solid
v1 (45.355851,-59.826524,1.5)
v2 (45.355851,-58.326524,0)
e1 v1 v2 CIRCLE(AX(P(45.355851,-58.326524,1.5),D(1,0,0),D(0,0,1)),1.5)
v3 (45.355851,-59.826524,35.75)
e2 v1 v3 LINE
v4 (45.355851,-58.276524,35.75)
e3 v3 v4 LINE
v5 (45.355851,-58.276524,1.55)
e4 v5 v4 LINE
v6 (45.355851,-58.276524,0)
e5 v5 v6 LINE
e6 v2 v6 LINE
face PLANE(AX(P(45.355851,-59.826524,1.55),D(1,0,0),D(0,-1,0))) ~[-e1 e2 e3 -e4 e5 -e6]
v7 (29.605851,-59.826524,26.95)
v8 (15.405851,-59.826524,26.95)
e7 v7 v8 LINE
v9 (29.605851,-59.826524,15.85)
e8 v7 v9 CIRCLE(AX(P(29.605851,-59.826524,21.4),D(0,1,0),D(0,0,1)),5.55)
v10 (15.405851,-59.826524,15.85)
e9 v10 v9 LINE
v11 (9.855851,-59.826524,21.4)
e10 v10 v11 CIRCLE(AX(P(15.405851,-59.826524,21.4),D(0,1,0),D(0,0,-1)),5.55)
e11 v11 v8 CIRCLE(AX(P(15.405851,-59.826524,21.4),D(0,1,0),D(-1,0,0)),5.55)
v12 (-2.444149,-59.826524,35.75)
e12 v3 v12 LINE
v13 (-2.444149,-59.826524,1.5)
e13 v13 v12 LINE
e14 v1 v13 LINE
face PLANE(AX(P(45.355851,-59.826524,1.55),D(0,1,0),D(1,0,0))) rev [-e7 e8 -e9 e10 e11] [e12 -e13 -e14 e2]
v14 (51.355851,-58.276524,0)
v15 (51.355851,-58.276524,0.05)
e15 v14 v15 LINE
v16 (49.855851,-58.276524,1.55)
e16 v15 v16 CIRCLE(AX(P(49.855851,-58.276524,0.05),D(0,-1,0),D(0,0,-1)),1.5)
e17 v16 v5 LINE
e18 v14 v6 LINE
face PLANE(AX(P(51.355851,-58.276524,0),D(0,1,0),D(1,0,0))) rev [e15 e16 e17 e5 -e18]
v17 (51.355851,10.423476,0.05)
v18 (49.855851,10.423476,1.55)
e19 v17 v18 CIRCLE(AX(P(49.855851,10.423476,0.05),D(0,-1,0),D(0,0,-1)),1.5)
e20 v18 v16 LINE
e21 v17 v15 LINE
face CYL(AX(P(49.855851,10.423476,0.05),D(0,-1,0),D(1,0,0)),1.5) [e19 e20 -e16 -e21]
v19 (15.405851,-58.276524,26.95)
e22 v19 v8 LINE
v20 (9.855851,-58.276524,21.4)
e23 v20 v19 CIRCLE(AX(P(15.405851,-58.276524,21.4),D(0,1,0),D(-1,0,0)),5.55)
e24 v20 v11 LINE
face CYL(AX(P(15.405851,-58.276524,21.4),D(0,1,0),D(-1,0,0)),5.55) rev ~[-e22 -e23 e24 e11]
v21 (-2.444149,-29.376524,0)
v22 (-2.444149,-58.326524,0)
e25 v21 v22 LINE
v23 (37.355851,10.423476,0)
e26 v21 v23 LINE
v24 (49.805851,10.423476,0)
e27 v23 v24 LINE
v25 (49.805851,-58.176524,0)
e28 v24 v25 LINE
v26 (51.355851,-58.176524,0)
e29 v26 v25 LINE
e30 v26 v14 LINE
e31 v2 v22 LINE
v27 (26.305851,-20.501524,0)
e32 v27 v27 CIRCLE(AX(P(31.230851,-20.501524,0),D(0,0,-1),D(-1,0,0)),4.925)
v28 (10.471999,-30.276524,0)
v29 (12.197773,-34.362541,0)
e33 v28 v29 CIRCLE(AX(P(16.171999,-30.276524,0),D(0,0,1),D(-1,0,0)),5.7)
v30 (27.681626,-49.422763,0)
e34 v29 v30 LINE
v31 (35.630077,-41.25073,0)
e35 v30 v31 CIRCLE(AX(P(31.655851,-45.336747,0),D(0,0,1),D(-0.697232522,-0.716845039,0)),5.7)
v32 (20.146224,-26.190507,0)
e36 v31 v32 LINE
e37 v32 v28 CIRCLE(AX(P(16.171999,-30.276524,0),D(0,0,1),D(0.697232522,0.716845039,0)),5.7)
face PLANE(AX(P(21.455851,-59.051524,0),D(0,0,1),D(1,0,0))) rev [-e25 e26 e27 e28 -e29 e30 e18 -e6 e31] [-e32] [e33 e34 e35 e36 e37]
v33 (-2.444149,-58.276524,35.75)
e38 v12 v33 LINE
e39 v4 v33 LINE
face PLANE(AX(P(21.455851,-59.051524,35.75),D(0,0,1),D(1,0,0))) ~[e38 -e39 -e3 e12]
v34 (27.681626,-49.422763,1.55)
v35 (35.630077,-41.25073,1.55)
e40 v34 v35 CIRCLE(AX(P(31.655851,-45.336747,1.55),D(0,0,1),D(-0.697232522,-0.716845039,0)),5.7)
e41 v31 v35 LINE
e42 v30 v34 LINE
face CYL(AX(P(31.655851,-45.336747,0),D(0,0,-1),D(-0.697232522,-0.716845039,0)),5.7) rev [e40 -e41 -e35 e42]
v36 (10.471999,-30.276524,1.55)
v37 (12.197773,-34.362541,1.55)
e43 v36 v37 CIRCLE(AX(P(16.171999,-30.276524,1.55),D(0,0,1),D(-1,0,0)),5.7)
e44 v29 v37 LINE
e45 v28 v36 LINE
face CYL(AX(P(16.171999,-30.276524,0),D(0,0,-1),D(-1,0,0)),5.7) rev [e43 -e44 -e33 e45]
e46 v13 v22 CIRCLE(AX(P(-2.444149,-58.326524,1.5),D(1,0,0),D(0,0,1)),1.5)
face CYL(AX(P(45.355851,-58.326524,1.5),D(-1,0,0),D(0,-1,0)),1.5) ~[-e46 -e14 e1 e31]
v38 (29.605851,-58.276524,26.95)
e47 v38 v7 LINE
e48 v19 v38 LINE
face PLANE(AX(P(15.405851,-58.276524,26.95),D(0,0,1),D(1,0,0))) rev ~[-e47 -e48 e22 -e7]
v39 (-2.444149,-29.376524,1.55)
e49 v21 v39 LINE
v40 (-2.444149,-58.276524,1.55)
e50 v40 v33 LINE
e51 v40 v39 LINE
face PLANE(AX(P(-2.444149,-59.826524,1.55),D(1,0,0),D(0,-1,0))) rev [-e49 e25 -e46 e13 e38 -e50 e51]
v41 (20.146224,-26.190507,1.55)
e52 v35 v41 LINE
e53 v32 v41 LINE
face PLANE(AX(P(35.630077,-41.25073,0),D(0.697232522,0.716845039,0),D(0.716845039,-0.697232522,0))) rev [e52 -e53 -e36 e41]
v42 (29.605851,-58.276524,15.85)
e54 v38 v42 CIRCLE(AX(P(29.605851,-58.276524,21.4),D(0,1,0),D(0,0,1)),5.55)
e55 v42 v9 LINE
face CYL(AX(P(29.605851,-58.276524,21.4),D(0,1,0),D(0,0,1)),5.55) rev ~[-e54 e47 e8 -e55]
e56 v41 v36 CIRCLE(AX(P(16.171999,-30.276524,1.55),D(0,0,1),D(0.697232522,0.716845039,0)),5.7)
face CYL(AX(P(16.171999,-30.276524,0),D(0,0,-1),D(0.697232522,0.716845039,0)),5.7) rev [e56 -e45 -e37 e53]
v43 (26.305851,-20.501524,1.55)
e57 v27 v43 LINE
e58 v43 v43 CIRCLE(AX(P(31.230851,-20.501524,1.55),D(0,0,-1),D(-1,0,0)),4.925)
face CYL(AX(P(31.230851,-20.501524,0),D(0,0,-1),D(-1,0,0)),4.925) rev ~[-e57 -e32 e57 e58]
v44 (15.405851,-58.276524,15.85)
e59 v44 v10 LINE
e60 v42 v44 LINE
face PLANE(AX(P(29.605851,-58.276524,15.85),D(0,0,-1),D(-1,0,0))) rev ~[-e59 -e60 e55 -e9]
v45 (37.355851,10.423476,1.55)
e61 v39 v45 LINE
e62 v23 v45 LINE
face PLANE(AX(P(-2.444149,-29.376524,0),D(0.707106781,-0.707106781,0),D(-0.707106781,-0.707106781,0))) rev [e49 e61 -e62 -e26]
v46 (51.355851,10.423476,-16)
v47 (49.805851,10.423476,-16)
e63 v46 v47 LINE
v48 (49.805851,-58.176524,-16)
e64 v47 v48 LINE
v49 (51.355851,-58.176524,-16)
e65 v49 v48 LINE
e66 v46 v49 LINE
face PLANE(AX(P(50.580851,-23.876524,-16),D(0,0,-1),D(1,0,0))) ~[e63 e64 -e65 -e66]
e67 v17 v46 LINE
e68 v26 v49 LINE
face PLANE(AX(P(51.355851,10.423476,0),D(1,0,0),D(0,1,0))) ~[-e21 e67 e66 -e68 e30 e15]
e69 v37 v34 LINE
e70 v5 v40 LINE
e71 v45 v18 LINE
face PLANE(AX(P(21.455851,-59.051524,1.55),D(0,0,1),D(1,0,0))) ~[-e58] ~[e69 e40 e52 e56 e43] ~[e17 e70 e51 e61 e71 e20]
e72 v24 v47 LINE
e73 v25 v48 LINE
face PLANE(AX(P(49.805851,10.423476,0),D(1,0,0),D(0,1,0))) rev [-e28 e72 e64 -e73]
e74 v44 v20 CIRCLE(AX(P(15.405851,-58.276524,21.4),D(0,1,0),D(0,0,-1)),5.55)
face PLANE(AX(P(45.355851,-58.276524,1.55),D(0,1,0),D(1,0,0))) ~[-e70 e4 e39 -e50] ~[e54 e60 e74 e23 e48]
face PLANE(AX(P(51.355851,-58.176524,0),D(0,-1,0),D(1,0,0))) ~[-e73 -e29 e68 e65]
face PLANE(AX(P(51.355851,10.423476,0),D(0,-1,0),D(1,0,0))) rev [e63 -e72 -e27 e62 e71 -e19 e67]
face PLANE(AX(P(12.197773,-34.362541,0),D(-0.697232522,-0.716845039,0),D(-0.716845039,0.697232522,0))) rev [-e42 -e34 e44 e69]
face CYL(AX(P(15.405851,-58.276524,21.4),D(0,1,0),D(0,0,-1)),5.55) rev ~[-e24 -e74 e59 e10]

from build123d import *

# Parameters (mm, degrees)
F0_R      = 4.925
F1_DEPTH  = 1.55
F2_W      = 1.55
F2_H      = 68.6
F3_DEPTH  = 16
F4_W      = 47.8
F4_H      = 1.55
F5_DEPTH  = 1.55
F6_W      = 47.8
F6_H      = 1.55
F7_DEPTH  = 34.2
F8_R      = 1.5
F12_DEPTH = 1.551


with BuildPart() as f1:
    # F0 (on Top) → F1 (new body)
    with BuildSketch(Plane.XY):
        Polygon((-51.3558513849, 10.4234758295), (-51.3558513849, -58.2765241705), (2.4441486151, -58.2765241705), (2.4441486151, -29.3765241705), (-37.3558513849, 10.4234758295), align=None)
        with BuildLine():
            ThreePointArc((-27.6816260073, -49.4227633754), (-35.7418681063, -49.3109720316), (-35.6300767624, -41.2507299325))
            Line((-35.6300767624, -41.2507299325), (-20.1462239232, -26.190507449))
            ThreePointArc((-20.1462239232, -26.190507449), (-13.9542389387, -25.0256630672), (-10.4719985456, -30.2765241705))
            ThreePointArc((-10.4719985456, -30.2765241705), (-10.9211374423, -32.4942837773), (-12.197773168, -34.3625408919))
            Line((-12.197773168, -34.3625408919), (-27.6816260073, -49.4227633754))
        make_face(mode=Mode.SUBTRACT)
        with Locations((-31.2308513849, -20.5015241705)):
            Circle(F0_R, mode=Mode.SUBTRACT)
    extrude(amount=F1_DEPTH)

    # F2 (on face) → F3 (join)
    with BuildSketch(Plane(origin=(0, 0, 0), x_dir=(1, 0, 0), z_dir=(0, 0, -1))):
        with Locations((-50.5808513849, 23.8765241705)):
            Rectangle(F2_W, F2_H)
    extrude(amount=F3_DEPTH)

    # F4 (on face) → F5 (join)
    with BuildSketch(Plane.XY.offset(1.55)):
        with Locations((-21.4558513849, -59.0515241705)):
            Rectangle(F4_W, F4_H)
    extrude(amount=-F5_DEPTH)

    # F6 (on face) → F7 (join)
    with BuildSketch(Plane.XY.offset(1.55)):
        with Locations((-21.4558513849, -59.0515241705)):
            Rectangle(F6_W, F6_H)
    extrude(amount=F7_DEPTH)

    # F8
    f8_edges = [f1.edges().sort_by_distance(p)[0] for p in [
        (-21.455851, -59.826524, 0),
        (-51.355851, -23.926524, 1.55),
    ]]
    fillet(f8_edges, radius=F8_R)


with BuildPart() as f9_1:
    # F9: instance of F1
    add(f1.part.mirror(Plane.YZ))

    # F11 (on face) → F12 (cut, through all)
    with BuildSketch(Plane(origin=(0, -58.2765241705, 0), x_dir=(-1, 0, 0), z_dir=(0, 1, 0))):
        with BuildLine():
            ThreePointArc((-29.6058513849, 15.85), (-25.6814087493, 17.4755573644), (-24.0558513849, 21.4))
            ThreePointArc((-24.0558513849, 21.4), (-25.6814087493, 25.3244426356), (-29.6058513849, 26.95))
            ThreePointArc((-29.6058513849, 26.95), (-35.1558513849, 21.4), (-29.6058513849, 15.85))
        make_face()
        with BuildLine():
            ThreePointArc((-29.6058513849, 26.95), (-25.6814087493, 25.3244426356), (-24.0558513849, 21.4))
            ThreePointArc((-24.0558513849, 21.4), (-25.6814087493, 17.4755573644), (-29.6058513849, 15.85))
            Line((-29.6058513849, 15.85), (-15.4058513849, 15.85))
            ThreePointArc((-15.4058513849, 15.85), (-20.9558513849, 21.4), (-15.4058513849, 26.95))
            Line((-15.4058513849, 26.95), (-29.6058513849, 26.95))
        make_face()
        with BuildLine():
            ThreePointArc((-9.8558513849, 21.4), (-11.4814087493, 25.3244426356), (-15.4058513849, 26.95))
            ThreePointArc((-15.4058513849, 26.95), (-20.9558513849, 21.4), (-15.4058513849, 15.85))
            ThreePointArc((-15.4058513849, 15.85), (-11.4814087493, 17.4755573644), (-9.8558513849, 21.4))
        make_face()
    extrude(amount=-F12_DEPTH, mode=Mode.SUBTRACT)


solid = f9_1.part
